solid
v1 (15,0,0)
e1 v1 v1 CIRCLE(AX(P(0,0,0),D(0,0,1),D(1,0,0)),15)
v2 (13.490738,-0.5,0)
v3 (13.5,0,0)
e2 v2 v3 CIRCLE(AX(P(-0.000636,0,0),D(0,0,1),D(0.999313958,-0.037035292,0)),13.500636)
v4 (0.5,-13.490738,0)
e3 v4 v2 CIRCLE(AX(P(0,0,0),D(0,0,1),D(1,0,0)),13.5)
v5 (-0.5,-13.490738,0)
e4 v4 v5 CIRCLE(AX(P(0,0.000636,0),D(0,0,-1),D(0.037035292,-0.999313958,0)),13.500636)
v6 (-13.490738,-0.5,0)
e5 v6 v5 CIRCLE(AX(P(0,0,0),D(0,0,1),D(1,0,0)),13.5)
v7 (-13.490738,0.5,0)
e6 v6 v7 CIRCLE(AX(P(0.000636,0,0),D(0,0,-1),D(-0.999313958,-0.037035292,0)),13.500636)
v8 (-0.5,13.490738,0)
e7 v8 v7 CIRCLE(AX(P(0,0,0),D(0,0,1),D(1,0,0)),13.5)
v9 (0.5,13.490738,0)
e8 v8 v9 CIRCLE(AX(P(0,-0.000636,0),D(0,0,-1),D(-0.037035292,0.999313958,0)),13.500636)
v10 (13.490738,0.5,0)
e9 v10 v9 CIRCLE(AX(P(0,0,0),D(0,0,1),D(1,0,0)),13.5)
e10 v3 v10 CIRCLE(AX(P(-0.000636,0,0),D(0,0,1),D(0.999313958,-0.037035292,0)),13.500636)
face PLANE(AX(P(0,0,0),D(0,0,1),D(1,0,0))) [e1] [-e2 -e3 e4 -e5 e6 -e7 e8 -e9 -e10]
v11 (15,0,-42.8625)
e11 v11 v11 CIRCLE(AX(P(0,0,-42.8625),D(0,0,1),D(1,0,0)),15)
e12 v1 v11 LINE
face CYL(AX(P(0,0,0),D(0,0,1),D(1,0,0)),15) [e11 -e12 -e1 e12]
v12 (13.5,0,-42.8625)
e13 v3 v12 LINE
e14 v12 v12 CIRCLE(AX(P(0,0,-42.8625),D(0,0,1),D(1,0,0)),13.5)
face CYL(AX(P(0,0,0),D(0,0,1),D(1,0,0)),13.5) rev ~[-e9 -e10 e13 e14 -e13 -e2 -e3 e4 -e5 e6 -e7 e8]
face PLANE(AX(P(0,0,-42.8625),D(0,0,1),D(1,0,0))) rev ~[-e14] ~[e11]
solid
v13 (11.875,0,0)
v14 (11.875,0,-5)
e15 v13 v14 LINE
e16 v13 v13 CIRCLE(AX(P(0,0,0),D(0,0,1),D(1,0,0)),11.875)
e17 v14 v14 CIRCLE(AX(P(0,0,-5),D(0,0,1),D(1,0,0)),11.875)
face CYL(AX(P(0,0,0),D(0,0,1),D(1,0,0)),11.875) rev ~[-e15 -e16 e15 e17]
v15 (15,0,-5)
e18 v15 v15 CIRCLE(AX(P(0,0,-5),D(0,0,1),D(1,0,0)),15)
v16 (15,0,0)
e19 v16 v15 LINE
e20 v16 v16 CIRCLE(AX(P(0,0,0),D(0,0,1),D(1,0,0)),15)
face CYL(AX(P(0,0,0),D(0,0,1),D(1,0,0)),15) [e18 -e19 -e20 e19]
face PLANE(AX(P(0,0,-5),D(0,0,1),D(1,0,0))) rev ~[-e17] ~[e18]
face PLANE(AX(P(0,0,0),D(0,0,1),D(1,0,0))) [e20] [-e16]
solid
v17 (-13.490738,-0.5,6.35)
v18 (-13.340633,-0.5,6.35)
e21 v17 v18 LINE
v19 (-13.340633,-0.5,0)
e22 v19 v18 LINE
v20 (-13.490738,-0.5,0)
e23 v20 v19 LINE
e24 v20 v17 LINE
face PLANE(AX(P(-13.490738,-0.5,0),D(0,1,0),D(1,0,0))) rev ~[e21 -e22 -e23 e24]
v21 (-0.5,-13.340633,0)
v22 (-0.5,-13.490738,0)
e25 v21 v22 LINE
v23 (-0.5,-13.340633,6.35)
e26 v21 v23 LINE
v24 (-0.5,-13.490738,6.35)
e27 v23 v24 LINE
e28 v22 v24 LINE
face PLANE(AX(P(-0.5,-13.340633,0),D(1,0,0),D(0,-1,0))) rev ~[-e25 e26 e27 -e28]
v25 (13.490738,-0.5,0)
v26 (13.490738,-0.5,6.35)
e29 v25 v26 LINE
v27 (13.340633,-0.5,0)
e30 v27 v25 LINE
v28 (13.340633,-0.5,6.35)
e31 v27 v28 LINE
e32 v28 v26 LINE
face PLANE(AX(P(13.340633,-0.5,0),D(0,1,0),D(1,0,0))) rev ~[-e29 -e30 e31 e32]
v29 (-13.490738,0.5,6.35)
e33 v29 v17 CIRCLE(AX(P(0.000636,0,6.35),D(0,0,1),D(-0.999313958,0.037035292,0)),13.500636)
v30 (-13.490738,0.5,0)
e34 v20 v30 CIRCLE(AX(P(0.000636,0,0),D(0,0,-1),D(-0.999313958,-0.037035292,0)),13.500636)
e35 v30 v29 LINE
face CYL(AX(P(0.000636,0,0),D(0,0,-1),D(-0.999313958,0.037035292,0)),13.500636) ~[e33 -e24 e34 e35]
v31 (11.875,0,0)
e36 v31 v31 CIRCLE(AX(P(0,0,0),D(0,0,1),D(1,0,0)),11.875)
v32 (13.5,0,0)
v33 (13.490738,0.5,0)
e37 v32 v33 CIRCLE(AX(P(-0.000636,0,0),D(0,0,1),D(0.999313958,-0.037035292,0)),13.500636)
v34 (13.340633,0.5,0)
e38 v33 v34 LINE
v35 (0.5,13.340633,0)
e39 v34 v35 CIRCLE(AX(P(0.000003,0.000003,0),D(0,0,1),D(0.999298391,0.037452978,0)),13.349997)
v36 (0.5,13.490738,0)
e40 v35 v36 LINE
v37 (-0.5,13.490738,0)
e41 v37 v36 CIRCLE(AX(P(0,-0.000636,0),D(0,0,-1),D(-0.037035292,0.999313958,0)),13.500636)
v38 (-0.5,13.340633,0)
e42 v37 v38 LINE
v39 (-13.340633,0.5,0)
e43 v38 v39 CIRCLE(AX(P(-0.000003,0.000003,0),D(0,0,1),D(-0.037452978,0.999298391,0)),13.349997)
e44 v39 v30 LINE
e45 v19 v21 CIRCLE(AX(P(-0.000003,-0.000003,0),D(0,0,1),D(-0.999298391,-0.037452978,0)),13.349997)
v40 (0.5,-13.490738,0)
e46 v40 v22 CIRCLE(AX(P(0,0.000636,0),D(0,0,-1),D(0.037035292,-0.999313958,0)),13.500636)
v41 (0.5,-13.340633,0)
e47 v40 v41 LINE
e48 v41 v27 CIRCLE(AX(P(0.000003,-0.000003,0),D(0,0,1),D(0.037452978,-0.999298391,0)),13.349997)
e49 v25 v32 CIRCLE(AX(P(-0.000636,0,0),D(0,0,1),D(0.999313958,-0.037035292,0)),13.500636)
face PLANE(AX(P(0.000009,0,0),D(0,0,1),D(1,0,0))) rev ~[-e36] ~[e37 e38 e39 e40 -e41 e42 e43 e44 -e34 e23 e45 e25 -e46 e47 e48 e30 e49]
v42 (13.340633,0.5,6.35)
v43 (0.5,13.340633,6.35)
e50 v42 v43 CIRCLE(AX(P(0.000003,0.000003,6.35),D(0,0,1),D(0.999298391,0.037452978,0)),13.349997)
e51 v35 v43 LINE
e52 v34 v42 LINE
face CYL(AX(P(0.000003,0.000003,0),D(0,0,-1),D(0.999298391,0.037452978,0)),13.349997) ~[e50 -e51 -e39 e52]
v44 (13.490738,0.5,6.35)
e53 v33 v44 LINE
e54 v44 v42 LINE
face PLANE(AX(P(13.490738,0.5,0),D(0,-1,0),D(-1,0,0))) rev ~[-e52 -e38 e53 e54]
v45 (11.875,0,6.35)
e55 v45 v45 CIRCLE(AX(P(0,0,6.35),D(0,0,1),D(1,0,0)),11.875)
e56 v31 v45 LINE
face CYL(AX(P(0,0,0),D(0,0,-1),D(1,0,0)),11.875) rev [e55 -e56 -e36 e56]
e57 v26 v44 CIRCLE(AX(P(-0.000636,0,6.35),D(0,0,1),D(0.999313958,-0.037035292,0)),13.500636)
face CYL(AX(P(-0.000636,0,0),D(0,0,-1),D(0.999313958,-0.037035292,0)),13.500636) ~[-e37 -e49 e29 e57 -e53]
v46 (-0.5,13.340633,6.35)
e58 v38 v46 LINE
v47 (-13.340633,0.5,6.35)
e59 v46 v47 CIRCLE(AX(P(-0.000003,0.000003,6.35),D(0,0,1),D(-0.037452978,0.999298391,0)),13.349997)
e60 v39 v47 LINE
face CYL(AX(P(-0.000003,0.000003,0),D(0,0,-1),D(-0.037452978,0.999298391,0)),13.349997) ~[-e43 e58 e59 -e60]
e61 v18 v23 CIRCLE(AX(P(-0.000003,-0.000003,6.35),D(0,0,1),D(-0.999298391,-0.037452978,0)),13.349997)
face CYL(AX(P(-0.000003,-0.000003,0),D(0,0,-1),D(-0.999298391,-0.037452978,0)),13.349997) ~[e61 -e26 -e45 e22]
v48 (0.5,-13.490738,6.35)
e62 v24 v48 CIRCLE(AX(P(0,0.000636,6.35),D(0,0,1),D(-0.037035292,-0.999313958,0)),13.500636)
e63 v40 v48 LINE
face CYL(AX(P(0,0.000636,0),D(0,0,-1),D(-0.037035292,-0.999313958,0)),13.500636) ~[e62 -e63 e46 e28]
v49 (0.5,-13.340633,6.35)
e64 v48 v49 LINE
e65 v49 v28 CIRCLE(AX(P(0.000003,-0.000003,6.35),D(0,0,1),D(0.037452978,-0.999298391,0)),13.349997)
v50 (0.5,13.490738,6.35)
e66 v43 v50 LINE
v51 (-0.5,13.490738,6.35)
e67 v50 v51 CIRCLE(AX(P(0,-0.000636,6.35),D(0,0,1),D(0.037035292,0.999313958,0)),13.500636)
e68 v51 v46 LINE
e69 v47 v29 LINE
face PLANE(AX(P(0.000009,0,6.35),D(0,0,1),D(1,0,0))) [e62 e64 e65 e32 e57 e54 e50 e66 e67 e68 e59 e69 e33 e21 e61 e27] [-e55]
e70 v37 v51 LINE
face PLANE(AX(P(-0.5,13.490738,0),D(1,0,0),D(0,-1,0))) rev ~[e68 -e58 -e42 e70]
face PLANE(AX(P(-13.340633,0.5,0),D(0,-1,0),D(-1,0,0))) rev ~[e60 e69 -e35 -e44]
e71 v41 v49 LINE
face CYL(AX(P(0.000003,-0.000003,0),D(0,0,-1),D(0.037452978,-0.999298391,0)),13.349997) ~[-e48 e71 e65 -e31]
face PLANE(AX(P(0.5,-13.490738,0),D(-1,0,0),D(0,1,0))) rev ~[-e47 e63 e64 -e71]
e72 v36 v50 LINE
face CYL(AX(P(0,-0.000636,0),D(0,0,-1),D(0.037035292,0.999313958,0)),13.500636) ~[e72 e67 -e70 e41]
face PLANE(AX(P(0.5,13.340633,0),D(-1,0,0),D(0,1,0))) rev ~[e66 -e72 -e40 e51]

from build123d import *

# Parameters (mm, degrees)
F0_R     = 11.875
F1_DEPTH = 6.35
F2_R     = 15
F2_R_2   = 13.5
F3_DEPTH = 42.8625
F4_R     = 15
F4_R_2   = 11.875
F5_DEPTH = 5


with BuildPart() as f1:
    # F0 (on Top) → F1 (new body)
    with BuildSketch(Plane.XY):
        with BuildLine():
            ThreePointArc((13.340633, -0.5), (13.347658, -0.250044), (13.35, 0))
            ThreePointArc((13.35, 0), (13.347658, 0.250044), (13.340633, 0.5))
            ThreePointArc((13.340633, 0.5), (9.439876, 9.439876), (0.5, 13.340633))
            ThreePointArc((0.5, 13.340633), (0, 13.35), (-0.5, 13.340633))
            ThreePointArc((-0.5, 13.340633), (-9.439876, 9.439876), (-13.340633, 0.5))
            ThreePointArc((-13.340633, 0.5), (-13.35, 0), (-13.340633, -0.5))
            ThreePointArc((-13.340633, -0.5), (-9.439876, -9.439876), (-0.5, -13.340633))
            ThreePointArc((-0.5, -13.340633), (0, -13.35), (0.5, -13.340633))
            ThreePointArc((0.5, -13.340633), (9.439876, -9.439876), (13.340633, -0.5))
        make_face()
        Circle(F0_R, mode=Mode.SUBTRACT)
        with BuildLine():
            ThreePointArc((13.340633, 0.5), (13.347658, 0.250044), (13.35, 0))
            ThreePointArc((13.35, 0), (13.347658, -0.250044), (13.340633, -0.5))
            Line((13.340633, -0.5), (13.490738, -0.5))
            ThreePointArc((13.490738, -0.5), (13.5, 0), (13.490738, 0.5))
            Line((13.490738, 0.5), (13.340633, 0.5))
        make_face()
        with BuildLine():
            ThreePointArc((-0.5, 13.340633), (0, 13.35), (0.5, 13.340633))
            Line((0.5, 13.340633), (0.5, 13.490738))
            ThreePointArc((0.5, 13.490738), (0, 13.5), (-0.5, 13.490738))
            Line((-0.5, 13.490738), (-0.5, 13.340633))
        make_face()
        with BuildLine():
            Line((0.5, -13.490738), (0.5, -13.340633))
            ThreePointArc((0.5, -13.340633), (0, -13.35), (-0.5, -13.340633))
            Line((-0.5, -13.340633), (-0.5, -13.490738))
            ThreePointArc((-0.5, -13.490738), (0, -13.5), (0.5, -13.490738))
        make_face()
        with BuildLine():
            ThreePointArc((-13.340633, -0.5), (-13.35, 0), (-13.340633, 0.5))
            Line((-13.340633, 0.5), (-13.490738, 0.5))
            ThreePointArc((-13.490738, 0.5), (-13.5, 0), (-13.490738, -0.5))
            Line((-13.490738, -0.5), (-13.340633, -0.5))
        make_face()
    extrude(amount=F1_DEPTH)

    # F2 (on Top) → F3 (join)
    with BuildSketch(Plane.XY):
        Circle(F2_R)
        Circle(F2_R_2, mode=Mode.SUBTRACT)
    extrude(amount=-F3_DEPTH)


with BuildPart() as f5:
    # F4 (on Top) → F5 (new body)
    with BuildSketch(Plane.XY):
        Circle(F4_R)
        Circle(F4_R_2, mode=Mode.SUBTRACT)
    extrude(amount=-F5_DEPTH)


solid = Compound([f1.part, f5.part])
